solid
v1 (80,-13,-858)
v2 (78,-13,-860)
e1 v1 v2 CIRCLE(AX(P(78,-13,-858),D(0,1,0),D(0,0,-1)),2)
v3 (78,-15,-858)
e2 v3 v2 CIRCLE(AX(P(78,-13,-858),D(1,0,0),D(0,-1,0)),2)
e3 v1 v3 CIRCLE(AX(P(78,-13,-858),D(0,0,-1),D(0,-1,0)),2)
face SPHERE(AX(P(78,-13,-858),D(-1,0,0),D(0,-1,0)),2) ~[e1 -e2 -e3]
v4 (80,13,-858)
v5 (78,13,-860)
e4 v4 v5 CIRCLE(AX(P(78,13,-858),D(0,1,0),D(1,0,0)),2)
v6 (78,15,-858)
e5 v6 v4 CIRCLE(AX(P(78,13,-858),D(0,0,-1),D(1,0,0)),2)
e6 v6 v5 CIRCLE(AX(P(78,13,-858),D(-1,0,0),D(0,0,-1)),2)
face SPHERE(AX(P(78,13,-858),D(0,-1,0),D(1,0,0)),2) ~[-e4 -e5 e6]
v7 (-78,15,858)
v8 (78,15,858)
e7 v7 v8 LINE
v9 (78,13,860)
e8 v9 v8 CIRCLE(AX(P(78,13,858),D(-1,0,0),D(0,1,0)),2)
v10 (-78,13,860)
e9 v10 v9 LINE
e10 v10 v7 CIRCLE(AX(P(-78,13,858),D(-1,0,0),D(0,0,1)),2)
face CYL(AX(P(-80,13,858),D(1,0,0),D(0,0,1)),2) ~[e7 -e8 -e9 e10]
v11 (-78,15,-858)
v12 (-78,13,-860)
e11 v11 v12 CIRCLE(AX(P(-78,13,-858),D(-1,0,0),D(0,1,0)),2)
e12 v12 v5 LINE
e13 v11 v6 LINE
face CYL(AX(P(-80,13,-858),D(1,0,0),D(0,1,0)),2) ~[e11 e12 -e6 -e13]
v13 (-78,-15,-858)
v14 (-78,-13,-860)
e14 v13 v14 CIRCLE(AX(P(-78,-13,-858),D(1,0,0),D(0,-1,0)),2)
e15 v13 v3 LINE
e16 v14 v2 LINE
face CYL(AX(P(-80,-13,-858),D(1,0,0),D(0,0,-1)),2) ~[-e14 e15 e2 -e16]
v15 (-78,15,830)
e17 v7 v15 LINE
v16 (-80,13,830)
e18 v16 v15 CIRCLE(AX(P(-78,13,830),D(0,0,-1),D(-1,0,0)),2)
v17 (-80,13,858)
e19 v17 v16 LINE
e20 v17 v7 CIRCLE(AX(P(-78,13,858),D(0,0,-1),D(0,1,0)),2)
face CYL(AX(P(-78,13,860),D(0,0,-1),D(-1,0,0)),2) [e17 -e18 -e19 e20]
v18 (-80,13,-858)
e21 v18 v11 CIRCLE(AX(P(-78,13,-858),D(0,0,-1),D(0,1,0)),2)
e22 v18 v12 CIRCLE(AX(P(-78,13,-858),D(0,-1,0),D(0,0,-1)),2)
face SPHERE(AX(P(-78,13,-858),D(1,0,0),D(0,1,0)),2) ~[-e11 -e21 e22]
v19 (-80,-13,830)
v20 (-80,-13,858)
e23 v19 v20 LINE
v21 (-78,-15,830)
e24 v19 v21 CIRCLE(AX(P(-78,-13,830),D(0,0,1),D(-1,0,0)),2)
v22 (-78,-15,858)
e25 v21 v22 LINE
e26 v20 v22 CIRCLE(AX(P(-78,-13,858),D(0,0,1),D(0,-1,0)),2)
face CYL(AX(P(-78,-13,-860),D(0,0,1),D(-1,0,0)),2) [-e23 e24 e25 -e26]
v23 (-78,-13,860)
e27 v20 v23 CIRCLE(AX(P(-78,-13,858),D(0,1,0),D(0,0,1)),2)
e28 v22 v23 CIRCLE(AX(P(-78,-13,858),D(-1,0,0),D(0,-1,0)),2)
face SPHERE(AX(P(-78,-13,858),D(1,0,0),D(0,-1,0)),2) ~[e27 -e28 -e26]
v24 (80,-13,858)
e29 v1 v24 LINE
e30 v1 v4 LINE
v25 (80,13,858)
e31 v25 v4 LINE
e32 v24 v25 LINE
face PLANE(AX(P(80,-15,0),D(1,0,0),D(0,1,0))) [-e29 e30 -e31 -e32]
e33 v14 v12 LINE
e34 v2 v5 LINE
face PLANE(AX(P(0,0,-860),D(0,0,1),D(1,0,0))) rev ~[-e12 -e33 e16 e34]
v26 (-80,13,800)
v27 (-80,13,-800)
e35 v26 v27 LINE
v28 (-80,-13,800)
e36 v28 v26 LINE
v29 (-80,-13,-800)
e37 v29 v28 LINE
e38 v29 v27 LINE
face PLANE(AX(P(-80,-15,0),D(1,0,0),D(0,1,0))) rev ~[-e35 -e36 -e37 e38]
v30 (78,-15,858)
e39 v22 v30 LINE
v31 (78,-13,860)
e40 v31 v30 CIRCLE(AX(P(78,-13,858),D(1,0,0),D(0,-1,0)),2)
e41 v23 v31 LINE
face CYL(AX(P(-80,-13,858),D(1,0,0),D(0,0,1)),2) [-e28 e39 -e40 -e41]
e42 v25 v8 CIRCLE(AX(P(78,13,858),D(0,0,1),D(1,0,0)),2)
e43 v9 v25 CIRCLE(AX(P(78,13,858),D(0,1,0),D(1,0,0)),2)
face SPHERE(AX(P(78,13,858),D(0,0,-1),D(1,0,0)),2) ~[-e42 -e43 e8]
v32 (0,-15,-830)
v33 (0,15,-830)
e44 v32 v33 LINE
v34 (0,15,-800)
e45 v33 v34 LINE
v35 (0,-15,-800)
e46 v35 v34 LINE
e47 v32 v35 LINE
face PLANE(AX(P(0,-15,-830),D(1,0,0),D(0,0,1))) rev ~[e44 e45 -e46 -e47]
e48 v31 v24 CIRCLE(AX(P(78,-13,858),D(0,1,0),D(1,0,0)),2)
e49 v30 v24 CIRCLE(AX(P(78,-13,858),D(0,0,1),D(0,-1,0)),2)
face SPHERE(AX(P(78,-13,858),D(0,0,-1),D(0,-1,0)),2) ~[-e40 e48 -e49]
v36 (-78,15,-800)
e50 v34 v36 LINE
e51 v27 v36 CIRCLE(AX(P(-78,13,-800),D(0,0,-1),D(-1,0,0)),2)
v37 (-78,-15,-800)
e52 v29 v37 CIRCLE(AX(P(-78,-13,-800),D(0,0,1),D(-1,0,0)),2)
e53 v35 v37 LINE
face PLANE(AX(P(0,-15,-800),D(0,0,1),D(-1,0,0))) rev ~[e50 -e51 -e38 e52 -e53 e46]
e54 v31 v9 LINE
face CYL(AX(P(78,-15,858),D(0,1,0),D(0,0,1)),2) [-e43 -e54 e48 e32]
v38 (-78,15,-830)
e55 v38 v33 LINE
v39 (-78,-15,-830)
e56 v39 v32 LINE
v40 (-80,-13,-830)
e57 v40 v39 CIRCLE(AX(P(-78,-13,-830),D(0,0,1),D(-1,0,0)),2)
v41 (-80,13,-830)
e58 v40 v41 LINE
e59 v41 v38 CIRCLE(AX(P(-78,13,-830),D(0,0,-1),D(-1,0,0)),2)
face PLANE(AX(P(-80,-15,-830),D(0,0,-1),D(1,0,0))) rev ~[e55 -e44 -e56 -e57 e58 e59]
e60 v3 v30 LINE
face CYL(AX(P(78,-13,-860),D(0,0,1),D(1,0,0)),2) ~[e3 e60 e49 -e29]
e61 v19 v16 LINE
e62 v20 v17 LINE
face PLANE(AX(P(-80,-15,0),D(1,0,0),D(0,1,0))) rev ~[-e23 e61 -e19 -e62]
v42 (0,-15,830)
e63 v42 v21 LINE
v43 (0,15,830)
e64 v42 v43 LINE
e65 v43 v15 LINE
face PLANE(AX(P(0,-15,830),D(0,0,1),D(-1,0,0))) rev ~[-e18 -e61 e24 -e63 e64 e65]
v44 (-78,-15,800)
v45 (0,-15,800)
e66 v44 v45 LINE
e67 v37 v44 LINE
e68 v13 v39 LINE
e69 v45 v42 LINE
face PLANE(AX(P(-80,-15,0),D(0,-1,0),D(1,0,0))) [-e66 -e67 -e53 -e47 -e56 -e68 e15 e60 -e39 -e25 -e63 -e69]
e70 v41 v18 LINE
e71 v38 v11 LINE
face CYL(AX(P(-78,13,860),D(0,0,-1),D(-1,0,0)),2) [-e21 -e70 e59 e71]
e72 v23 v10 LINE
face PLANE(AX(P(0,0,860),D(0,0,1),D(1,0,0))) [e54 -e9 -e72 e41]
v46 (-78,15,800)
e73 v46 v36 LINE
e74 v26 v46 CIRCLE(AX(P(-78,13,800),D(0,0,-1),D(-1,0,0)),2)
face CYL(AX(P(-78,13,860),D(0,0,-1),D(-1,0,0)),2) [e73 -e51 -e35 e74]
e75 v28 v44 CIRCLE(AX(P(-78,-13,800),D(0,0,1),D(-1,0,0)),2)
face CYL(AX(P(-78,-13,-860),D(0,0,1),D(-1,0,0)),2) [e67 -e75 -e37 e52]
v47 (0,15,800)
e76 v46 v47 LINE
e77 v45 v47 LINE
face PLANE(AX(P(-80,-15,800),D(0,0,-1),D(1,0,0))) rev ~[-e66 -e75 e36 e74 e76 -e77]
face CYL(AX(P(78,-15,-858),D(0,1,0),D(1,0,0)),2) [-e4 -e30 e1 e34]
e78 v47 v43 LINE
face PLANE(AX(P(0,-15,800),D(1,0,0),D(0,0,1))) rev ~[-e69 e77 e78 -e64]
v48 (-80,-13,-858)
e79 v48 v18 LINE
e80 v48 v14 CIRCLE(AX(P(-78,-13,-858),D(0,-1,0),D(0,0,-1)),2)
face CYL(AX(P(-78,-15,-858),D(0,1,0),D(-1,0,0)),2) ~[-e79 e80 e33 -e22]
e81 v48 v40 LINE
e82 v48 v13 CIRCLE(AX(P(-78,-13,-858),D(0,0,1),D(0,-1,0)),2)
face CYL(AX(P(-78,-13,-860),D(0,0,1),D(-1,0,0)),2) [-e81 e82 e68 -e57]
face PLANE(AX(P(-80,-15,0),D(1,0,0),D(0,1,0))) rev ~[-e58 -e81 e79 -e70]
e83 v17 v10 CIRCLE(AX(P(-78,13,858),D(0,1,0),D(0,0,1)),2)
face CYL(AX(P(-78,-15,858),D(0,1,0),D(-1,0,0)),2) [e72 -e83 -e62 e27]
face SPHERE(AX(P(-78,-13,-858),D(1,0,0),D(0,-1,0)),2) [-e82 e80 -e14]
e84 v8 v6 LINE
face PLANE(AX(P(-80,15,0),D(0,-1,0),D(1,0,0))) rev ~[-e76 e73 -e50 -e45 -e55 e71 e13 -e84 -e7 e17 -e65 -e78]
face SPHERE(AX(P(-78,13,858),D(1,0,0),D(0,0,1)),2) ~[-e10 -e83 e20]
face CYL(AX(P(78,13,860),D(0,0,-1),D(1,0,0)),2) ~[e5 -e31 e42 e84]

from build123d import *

# Parameters (mm, degrees)
F0_W     = 160
F0_H     = 30
F1_DEPTH = 860
F2_R     = 2
F3_W     = 2
F3_H     = 30
F3_W_2   = 78
F4_DEPTH = 30.001


with BuildPart() as f1:
    # F0 (on Top) → F1 (new body, symmetric)
    with BuildSketch(Plane.XY):
        Rectangle(F0_W, F0_H)
    extrude(amount=F1_DEPTH, both=True)

    # F2
    f2_edges = [f1.edges().sort_by_distance(p)[0] for p in [
        (0, -15, -860),
        (80, -15, 0),
        (0, -15, 860),
        (-80, -15, 0),
        (80, 0, -860),
        (80, 15, 0),
        (80, 0, 860),
        (0, 15, 860),
        (-80, 0, 860),
        (0, 15, -860),
        (-80, 15, 0),
        (-80, 0, -860),
    ]]
    fillet(f2_edges, radius=F2_R)

    # F3 (on face) → F4 (cut, through all)
    with BuildSketch(Plane.XZ.offset(15)):
        with Locations((-79, -815)):
            Rectangle(F3_W, F3_H)
        with Locations((-39, -815)):
            Rectangle(F3_W_2, F3_H)
        with Locations((-79, 815)):
            Rectangle(F3_W, F3_H)
        with Locations((-39, 815)):
            Rectangle(F3_W_2, F3_H)
    extrude(amount=-F4_DEPTH, mode=Mode.SUBTRACT)


solid = f1.part
